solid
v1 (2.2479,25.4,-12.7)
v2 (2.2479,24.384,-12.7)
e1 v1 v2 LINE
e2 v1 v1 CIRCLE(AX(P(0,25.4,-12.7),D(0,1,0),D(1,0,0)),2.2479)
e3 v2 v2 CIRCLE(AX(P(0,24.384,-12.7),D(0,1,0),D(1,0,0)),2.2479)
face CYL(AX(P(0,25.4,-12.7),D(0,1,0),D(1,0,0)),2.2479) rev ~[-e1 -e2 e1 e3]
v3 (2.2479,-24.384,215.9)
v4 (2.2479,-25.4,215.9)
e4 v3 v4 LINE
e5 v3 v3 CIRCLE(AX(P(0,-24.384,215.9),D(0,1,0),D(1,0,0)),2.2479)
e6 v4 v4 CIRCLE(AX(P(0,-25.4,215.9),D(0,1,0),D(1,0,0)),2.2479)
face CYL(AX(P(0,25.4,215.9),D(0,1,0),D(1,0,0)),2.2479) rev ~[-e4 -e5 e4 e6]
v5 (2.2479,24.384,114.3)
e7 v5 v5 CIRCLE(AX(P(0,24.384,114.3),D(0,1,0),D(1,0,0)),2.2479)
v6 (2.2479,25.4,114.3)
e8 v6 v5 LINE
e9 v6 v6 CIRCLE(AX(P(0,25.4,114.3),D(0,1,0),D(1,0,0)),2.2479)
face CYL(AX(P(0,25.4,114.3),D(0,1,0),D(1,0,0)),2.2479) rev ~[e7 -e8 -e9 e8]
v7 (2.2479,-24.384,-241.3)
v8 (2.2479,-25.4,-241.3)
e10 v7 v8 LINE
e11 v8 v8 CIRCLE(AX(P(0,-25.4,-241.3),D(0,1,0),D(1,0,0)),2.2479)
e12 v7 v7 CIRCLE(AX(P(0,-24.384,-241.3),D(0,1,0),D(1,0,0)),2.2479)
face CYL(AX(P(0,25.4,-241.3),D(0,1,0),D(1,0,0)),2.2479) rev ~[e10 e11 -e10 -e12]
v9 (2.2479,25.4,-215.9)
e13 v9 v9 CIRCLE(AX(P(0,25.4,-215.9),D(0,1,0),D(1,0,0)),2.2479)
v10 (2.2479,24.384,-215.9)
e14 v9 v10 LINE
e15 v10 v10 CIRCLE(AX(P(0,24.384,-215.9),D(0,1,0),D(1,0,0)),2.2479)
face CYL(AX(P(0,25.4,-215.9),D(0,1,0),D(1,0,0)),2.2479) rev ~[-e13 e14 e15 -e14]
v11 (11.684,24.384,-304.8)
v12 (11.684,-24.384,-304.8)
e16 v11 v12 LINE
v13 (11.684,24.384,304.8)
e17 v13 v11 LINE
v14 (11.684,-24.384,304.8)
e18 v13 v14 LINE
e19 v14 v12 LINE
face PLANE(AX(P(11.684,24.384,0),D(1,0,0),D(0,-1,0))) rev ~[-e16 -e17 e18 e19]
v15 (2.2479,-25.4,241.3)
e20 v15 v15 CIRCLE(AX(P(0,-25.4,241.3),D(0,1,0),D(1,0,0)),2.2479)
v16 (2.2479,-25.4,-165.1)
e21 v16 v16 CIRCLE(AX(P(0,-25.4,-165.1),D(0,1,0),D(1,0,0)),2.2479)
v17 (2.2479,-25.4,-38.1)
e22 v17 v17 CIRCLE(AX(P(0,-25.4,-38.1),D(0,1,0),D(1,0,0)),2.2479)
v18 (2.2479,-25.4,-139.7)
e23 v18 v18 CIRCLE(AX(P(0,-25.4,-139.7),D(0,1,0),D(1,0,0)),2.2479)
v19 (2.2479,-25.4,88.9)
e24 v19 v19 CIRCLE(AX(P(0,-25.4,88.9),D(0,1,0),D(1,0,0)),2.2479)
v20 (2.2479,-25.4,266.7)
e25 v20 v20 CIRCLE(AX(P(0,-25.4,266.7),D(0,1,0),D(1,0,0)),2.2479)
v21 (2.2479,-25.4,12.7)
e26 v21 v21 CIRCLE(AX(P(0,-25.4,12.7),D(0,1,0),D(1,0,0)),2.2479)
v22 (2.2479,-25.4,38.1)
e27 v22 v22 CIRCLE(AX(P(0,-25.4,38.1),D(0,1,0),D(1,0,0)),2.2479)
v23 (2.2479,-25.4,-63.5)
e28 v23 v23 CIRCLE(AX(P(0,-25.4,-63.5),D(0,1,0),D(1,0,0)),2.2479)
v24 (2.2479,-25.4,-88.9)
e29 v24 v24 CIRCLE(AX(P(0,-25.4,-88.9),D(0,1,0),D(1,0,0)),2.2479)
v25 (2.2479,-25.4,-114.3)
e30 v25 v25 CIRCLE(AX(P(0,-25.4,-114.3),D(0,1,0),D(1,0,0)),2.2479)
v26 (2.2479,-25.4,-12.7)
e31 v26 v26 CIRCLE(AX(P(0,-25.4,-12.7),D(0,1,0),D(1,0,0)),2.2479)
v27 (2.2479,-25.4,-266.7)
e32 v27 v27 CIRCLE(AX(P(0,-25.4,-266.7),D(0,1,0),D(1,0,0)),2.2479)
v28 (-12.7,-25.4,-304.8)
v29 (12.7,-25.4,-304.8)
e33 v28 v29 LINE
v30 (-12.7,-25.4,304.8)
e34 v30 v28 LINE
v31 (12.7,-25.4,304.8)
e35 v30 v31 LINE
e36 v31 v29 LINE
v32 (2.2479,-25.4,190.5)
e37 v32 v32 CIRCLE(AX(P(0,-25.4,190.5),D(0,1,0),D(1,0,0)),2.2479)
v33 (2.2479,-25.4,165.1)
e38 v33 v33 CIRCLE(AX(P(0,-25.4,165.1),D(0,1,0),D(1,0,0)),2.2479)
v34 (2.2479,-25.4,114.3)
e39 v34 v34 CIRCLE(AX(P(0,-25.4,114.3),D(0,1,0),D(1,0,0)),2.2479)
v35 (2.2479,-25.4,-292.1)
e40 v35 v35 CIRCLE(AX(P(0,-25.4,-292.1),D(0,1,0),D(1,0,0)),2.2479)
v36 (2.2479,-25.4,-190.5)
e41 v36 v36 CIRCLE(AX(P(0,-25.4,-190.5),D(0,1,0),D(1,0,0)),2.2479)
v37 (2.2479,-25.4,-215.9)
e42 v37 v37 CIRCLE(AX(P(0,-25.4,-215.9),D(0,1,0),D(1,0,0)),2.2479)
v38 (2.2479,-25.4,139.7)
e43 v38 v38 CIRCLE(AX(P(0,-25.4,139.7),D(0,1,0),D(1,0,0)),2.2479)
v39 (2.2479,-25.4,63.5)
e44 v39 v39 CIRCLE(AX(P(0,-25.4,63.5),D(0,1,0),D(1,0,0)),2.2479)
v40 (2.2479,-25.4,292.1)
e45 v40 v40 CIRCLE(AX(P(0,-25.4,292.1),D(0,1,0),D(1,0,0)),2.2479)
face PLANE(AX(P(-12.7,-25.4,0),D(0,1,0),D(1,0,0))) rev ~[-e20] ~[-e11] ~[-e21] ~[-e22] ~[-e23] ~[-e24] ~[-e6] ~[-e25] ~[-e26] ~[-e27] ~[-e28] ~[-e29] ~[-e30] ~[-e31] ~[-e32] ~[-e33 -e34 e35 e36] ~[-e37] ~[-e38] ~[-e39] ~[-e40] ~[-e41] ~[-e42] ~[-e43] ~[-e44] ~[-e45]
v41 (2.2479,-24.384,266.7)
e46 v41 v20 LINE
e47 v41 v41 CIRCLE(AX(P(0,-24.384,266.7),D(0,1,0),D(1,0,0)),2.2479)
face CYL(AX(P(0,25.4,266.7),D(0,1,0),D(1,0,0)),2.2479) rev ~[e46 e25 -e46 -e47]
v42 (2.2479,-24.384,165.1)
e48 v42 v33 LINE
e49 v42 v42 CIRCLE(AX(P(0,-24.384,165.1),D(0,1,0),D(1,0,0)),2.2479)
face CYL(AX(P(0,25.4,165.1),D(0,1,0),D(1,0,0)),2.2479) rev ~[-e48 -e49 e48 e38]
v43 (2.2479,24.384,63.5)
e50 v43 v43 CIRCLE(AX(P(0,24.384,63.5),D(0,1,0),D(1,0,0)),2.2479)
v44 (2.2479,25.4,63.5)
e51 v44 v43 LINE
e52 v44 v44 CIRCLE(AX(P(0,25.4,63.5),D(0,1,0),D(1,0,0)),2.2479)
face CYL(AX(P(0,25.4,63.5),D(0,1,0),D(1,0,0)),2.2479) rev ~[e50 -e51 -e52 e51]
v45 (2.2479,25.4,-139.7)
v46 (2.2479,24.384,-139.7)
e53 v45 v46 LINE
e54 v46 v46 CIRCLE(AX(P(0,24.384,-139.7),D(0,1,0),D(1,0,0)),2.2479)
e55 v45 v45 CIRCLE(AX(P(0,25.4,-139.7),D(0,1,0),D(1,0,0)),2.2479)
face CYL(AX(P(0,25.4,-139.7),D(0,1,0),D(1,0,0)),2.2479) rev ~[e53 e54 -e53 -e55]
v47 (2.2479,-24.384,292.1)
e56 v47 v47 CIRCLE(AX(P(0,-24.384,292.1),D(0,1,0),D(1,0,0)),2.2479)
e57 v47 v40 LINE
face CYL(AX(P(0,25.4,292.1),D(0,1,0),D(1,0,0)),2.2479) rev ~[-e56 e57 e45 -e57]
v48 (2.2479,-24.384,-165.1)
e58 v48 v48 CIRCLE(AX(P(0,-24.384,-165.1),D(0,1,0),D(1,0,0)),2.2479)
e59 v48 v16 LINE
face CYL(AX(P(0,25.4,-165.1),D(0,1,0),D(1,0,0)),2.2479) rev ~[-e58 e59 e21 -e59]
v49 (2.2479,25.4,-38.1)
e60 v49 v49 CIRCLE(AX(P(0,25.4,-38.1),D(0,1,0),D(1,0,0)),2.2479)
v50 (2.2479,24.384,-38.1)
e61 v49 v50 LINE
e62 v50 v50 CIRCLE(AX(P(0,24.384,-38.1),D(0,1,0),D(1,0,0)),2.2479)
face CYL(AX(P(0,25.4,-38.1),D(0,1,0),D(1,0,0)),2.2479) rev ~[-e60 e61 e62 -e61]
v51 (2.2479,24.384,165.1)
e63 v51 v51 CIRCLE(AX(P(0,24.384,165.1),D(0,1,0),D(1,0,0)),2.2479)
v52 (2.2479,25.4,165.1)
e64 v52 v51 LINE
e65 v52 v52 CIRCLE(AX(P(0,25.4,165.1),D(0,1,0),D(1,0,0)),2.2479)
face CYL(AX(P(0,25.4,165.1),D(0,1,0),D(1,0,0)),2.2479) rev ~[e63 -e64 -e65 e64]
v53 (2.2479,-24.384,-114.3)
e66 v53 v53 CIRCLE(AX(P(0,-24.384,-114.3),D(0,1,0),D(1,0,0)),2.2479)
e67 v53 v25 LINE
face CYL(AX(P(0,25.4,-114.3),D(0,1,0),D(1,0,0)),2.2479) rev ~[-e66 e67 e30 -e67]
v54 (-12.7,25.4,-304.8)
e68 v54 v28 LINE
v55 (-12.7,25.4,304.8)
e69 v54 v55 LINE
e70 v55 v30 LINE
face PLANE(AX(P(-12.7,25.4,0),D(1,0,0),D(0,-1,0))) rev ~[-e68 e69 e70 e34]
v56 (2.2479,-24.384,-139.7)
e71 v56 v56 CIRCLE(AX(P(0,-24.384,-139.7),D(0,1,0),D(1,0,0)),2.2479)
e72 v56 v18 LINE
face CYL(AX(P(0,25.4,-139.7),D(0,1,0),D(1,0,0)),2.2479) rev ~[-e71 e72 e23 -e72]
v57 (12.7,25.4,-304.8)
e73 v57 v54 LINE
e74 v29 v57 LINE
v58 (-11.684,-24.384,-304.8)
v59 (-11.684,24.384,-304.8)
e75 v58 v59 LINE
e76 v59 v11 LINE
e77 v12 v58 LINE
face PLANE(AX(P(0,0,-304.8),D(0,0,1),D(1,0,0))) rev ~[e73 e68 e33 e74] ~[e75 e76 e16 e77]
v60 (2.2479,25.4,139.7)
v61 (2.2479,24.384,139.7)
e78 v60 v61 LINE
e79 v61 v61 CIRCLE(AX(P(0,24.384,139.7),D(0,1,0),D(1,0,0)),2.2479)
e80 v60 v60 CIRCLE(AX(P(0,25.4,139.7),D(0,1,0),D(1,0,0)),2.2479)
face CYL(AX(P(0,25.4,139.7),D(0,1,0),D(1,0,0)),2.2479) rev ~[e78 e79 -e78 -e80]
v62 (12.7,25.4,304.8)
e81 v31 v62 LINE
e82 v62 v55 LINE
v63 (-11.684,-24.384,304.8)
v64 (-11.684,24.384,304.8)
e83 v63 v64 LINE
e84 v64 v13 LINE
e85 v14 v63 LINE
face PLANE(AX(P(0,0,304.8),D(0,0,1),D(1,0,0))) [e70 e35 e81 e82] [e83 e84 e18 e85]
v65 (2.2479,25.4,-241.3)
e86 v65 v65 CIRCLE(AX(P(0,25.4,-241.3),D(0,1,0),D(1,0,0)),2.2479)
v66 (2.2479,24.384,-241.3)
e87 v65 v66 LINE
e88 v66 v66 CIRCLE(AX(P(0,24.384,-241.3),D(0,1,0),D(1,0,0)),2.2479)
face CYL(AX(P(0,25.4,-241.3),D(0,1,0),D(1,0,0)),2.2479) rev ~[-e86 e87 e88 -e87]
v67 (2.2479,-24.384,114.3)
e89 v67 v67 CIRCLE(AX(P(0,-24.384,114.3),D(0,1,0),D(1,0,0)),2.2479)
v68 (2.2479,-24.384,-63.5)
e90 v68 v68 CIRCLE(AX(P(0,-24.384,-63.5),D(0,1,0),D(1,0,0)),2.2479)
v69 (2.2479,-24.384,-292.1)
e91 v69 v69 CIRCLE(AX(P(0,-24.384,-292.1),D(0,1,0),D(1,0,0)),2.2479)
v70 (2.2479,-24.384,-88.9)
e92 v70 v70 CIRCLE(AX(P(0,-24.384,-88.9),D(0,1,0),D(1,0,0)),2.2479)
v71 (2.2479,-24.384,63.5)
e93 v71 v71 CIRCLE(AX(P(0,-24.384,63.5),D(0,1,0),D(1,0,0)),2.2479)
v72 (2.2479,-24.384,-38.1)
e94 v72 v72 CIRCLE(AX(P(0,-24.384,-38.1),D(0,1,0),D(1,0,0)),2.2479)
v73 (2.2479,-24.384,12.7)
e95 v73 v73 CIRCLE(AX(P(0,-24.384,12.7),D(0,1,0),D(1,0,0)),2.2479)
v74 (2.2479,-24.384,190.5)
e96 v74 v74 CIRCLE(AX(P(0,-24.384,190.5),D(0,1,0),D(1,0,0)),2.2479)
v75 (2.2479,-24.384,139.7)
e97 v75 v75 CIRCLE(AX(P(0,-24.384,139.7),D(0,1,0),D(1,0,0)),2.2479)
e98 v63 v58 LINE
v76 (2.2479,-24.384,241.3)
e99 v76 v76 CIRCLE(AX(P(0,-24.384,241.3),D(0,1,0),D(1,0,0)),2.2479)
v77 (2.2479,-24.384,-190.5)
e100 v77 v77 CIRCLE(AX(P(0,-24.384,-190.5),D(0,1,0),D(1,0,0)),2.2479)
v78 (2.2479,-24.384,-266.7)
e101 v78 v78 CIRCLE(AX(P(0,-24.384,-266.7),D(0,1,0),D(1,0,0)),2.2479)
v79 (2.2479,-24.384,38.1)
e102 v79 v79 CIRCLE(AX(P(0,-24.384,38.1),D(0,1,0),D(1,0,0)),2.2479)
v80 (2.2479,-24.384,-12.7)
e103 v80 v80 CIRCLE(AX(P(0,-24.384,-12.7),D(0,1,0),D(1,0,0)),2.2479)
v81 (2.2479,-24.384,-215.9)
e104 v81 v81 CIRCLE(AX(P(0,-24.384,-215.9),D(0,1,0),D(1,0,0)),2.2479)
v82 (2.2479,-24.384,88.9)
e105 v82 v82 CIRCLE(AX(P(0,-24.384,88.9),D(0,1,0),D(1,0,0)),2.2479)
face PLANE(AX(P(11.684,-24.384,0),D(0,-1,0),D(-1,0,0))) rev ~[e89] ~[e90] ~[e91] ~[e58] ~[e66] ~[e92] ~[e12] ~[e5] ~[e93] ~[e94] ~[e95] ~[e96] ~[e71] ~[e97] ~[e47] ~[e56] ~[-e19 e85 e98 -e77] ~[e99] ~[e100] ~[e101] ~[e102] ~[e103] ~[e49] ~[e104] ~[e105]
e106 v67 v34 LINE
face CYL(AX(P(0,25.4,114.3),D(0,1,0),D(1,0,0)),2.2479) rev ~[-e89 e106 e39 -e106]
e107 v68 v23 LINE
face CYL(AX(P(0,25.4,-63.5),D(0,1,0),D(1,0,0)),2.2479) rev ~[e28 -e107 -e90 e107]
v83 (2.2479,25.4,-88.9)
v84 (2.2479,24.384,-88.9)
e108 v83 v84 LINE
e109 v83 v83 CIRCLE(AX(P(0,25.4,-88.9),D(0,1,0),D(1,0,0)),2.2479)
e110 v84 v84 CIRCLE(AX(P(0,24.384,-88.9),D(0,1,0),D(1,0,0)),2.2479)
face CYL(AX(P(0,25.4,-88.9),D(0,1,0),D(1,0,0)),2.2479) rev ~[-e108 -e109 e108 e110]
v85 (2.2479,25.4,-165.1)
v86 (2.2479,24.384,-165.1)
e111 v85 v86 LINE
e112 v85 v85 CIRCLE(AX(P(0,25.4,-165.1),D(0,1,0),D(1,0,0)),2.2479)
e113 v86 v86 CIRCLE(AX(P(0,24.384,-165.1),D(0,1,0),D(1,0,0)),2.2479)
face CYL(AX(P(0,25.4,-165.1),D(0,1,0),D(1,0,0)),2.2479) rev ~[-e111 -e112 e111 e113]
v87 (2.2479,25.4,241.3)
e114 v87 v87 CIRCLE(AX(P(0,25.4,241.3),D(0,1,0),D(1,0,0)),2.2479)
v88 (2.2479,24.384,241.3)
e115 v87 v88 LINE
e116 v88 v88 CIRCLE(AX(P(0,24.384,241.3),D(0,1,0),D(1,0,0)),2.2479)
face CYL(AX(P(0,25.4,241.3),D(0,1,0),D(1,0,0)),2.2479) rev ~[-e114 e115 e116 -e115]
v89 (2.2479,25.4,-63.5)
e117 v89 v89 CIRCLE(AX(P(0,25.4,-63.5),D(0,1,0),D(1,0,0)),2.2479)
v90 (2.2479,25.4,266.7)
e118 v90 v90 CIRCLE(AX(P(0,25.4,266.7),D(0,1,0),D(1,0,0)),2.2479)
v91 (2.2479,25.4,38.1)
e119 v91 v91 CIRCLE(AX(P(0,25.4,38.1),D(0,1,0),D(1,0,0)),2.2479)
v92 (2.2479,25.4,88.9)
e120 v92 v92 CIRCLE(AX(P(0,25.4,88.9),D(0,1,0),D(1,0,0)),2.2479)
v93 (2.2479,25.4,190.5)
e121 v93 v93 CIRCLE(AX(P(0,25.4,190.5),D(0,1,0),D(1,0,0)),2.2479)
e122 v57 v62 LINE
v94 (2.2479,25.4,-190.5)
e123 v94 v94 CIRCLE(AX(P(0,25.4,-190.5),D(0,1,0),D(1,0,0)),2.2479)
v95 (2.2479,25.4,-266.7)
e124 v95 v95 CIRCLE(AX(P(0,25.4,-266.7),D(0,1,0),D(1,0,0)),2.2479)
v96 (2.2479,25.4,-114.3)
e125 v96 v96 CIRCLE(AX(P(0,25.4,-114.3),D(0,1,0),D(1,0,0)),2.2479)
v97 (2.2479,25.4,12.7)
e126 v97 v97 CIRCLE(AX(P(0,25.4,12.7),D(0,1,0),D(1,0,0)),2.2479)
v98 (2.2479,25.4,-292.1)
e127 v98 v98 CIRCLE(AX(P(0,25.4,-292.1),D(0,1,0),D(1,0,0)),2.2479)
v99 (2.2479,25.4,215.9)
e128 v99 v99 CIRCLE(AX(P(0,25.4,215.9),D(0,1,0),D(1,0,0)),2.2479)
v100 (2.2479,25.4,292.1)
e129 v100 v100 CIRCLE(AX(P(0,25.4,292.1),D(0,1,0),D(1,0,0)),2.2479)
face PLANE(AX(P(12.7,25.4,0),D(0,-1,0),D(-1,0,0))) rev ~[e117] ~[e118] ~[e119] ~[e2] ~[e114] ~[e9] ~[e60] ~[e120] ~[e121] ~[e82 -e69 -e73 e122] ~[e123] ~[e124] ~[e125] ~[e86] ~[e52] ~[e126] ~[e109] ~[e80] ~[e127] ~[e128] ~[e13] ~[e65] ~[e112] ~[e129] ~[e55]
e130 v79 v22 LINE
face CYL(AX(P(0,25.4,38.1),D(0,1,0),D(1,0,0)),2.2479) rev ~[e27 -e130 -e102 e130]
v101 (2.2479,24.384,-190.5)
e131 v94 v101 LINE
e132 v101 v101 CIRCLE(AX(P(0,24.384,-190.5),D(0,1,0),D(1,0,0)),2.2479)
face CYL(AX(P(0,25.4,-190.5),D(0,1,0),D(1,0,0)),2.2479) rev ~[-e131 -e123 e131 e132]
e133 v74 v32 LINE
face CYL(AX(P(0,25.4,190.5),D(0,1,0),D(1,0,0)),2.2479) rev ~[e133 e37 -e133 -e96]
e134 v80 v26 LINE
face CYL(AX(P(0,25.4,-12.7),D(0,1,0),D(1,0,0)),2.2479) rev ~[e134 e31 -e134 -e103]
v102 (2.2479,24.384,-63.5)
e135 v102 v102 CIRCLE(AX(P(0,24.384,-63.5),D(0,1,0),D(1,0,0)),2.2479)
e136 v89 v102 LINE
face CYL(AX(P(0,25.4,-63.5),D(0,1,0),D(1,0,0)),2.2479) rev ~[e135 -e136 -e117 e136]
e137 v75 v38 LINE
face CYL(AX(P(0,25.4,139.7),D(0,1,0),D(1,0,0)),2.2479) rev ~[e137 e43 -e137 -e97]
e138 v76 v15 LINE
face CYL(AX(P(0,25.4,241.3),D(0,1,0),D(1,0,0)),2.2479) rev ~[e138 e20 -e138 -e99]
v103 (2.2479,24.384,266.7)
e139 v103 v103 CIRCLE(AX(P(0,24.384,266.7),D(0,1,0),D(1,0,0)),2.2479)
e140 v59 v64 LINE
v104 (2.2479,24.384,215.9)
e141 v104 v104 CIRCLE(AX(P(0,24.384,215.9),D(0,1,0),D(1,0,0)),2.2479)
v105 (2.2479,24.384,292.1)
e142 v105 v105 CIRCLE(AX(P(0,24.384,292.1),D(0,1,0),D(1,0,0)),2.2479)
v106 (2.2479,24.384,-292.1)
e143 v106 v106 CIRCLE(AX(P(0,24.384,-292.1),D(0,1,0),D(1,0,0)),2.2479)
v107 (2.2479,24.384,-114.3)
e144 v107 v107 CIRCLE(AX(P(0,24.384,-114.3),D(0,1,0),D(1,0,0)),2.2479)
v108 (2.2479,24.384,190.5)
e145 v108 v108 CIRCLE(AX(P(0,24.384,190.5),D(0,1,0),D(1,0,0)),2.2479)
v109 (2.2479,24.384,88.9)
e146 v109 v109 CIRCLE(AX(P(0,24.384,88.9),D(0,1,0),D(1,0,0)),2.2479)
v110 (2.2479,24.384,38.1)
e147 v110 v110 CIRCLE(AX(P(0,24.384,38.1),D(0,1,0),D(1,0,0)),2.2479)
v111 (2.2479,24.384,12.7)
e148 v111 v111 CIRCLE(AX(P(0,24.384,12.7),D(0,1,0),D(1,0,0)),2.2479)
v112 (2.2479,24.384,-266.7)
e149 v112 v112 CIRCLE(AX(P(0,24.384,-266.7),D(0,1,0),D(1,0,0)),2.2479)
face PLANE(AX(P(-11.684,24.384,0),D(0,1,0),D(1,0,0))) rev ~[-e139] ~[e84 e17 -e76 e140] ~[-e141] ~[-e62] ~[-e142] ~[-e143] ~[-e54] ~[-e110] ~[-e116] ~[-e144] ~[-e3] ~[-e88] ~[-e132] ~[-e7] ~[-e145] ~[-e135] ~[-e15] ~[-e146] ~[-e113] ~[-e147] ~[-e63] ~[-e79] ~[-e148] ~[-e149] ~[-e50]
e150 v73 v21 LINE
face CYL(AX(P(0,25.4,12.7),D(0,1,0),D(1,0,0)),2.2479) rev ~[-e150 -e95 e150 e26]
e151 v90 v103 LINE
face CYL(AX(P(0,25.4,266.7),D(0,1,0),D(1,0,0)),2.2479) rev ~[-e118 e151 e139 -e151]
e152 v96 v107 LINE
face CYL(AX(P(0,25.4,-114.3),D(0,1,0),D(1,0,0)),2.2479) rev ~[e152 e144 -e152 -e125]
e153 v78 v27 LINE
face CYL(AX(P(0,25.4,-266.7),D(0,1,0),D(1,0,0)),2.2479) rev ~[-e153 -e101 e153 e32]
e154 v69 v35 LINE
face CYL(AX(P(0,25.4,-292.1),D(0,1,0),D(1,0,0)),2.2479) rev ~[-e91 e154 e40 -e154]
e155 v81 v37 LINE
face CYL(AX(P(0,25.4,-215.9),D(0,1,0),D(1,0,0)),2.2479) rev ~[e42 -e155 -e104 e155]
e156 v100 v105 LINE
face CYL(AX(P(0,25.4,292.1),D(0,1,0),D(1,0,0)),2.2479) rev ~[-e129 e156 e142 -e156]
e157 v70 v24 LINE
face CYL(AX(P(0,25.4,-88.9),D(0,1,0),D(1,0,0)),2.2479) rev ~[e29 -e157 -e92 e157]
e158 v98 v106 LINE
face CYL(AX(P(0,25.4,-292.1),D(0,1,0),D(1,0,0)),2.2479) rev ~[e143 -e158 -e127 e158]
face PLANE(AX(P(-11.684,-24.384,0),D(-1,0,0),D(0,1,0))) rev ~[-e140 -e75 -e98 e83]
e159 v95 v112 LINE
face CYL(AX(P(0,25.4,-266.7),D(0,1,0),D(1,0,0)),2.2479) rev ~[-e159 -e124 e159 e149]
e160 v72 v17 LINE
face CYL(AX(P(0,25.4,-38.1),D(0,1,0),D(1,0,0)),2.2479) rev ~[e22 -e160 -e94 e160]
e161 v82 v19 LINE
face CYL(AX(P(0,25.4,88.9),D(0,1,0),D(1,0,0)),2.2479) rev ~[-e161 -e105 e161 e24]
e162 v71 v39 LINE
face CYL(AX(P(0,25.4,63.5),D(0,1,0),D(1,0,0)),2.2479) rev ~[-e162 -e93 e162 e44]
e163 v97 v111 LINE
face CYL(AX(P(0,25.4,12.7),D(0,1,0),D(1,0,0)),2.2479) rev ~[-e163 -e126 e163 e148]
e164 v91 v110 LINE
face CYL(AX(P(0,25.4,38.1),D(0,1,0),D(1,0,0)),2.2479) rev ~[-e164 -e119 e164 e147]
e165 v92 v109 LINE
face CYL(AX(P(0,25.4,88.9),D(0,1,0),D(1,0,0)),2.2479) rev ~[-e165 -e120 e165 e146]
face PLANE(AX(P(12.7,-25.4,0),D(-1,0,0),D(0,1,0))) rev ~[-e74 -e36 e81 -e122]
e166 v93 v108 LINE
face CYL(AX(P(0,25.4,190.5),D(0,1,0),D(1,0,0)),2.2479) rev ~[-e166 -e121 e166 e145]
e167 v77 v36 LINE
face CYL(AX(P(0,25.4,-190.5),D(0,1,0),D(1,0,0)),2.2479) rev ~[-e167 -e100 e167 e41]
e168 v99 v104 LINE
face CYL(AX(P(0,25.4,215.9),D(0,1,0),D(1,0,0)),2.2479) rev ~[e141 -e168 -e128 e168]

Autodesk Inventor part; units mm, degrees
ref_plane "YZ Plane" through (0, 0, 0) normal (1, 0, 0) x (0, 1, 0)
ref_plane "XZ Plane" through (0, 0, 0) normal (0, 1, 0) x (-1, 0, 0)
ref_plane "XY Plane" through (0, 0, 0) normal (0, 0, 1) x (1, 0, 0)
sketch "Sketch1" plane through (0, 0, 0) normal (0, 0, 1) x (1, 0, 0)
  line L0 (12.7, 25.4) -> (-12.7, 25.4)
  line L1 (-12.7, 25.4) -> (-12.7, -25.4)
  line L2 (-12.7, -25.4) -> (12.7, -25.4)
  line L3 (12.7, -25.4) -> (12.7, 25.4)
  line L4 (12.7, 25.4) -> (-12.7, -25.4) construction
  line L5 (-12.7, 25.4) -> (12.7, -25.4) construction
  line L6 (-11.684, 24.384) -> (11.684, 24.384)
  line L7 (11.684, 24.384) -> (11.684, -24.384)
  line L8 (11.684, -24.384) -> (-11.684, -24.384)
  line L9 (-11.684, -24.384) -> (-11.684, 24.384)
  point P0 (0, 0)
  dimension "d0" = 1.016
  dimension "d1" = 50.8
  dimension "d2" = 25.4
extrude "Tube Length" add sketch "Sketch1" along normal mid plane 609.6
sketch "Sketch2" plane through (-12.7, 25.4, 304.8) normal (0, 1, 0) x (1, 0, 0)
  line L0 (0, 0) -> (0, 609.6) projected
  line L1 (25.4, 0) -> (0, 0) projected
  line L2 (25.4, 609.6) -> (25.4, 0) projected
  line L3 (0, 609.6) -> (25.4, 609.6) projected
  line L4 (25.4, 0) -> (0, 0) projected
  line L5 (12.7, 0) -> (12.7, 12.7) construction
  circle A0 centre (12.7, 12.7) radius 2.2479
  point P0 (12.7, 304.8)
  dimension "d5" = 12.7
  dimension "d6" = 4.4958
extrude "Top Hole" cut sketch "Sketch2" against normal through all contours A0
sketch "Sketch3" plane through (0, 0, 304.8) normal (0, 0, 1) x (1, 0, 0)
  line L0 (0, 0) -> (0, 25.4) construction
  line L1 (12.7, 25.4) -> (-12.7, 25.4) projected
  line L2 (-0.0508, 25.4) -> (0, 25.2984)
  line L3 (0.0508, 25.4) -> (0, 25.2984)
  line L4 (-12.7, 12.6492) -> (-12.5984, 12.7)
  line L5 (-12.7, 12.7508) -> (-12.5984, 12.7)
  line L6 (-12.7, -0.0508) -> (-12.5984, 0)
  line L7 (-12.7, 0.0508) -> (-12.5984, 0)
  line L8 (-12.7, -12.7508) -> (-12.5984, -12.7)
  line L9 (-12.7, -12.6492) -> (-12.5984, -12.7)
  line L10 (12.7, 0.0508) -> (12.5984, 0)
  line L11 (12.7, 12.6492) -> (12.5984, 12.7)
  line L12 (12.7, 12.7508) -> (12.5984, 12.7)
  line L13 (12.7, -0.0508) -> (12.5984, 0)
  line L14 (12.7, -12.6492) -> (12.5984, -12.7)
  line L15 (12.7, -12.7508) -> (12.5984, -12.7)
  line L16 (0.0508, -25.4) -> (0, -25.2984)
  line L17 (-0.0508, -25.4) -> (0, -25.2984)
  line L18 (-12.7, 25.4) -> (-12.7, -25.4) projected
  line L19 (12.7, -25.4) -> (12.7, 25.4) projected
  line L20 (-12.7, -25.4) -> (12.7, -25.4) projected
  point P0 (0, 12.7)
  point P1 (-12.7, 12.7)
  point P2 (-12.7, 0)
  point P3 (-12.7, -12.7)
  point P4 (12.7, 12.7)
  point P5 (12.7, 0)
  point P6 (12.7, -12.7)
  point P7 (0, -25.4)
  dimension "d12" = 0.1016
  dimension "d13" = 0.1016
  dimension "d16" = 90
  dimension "d20" = 12.7
  dimension "d27" = 360
pattern_linear "Rectangular Pattern1" count 24 spacing 25.4 along (0, 0, -1) of "Top Hole"
equation "\"d13\" = d12"
properties part number "Elevator Base Tube" material "Aluminum 6061"
